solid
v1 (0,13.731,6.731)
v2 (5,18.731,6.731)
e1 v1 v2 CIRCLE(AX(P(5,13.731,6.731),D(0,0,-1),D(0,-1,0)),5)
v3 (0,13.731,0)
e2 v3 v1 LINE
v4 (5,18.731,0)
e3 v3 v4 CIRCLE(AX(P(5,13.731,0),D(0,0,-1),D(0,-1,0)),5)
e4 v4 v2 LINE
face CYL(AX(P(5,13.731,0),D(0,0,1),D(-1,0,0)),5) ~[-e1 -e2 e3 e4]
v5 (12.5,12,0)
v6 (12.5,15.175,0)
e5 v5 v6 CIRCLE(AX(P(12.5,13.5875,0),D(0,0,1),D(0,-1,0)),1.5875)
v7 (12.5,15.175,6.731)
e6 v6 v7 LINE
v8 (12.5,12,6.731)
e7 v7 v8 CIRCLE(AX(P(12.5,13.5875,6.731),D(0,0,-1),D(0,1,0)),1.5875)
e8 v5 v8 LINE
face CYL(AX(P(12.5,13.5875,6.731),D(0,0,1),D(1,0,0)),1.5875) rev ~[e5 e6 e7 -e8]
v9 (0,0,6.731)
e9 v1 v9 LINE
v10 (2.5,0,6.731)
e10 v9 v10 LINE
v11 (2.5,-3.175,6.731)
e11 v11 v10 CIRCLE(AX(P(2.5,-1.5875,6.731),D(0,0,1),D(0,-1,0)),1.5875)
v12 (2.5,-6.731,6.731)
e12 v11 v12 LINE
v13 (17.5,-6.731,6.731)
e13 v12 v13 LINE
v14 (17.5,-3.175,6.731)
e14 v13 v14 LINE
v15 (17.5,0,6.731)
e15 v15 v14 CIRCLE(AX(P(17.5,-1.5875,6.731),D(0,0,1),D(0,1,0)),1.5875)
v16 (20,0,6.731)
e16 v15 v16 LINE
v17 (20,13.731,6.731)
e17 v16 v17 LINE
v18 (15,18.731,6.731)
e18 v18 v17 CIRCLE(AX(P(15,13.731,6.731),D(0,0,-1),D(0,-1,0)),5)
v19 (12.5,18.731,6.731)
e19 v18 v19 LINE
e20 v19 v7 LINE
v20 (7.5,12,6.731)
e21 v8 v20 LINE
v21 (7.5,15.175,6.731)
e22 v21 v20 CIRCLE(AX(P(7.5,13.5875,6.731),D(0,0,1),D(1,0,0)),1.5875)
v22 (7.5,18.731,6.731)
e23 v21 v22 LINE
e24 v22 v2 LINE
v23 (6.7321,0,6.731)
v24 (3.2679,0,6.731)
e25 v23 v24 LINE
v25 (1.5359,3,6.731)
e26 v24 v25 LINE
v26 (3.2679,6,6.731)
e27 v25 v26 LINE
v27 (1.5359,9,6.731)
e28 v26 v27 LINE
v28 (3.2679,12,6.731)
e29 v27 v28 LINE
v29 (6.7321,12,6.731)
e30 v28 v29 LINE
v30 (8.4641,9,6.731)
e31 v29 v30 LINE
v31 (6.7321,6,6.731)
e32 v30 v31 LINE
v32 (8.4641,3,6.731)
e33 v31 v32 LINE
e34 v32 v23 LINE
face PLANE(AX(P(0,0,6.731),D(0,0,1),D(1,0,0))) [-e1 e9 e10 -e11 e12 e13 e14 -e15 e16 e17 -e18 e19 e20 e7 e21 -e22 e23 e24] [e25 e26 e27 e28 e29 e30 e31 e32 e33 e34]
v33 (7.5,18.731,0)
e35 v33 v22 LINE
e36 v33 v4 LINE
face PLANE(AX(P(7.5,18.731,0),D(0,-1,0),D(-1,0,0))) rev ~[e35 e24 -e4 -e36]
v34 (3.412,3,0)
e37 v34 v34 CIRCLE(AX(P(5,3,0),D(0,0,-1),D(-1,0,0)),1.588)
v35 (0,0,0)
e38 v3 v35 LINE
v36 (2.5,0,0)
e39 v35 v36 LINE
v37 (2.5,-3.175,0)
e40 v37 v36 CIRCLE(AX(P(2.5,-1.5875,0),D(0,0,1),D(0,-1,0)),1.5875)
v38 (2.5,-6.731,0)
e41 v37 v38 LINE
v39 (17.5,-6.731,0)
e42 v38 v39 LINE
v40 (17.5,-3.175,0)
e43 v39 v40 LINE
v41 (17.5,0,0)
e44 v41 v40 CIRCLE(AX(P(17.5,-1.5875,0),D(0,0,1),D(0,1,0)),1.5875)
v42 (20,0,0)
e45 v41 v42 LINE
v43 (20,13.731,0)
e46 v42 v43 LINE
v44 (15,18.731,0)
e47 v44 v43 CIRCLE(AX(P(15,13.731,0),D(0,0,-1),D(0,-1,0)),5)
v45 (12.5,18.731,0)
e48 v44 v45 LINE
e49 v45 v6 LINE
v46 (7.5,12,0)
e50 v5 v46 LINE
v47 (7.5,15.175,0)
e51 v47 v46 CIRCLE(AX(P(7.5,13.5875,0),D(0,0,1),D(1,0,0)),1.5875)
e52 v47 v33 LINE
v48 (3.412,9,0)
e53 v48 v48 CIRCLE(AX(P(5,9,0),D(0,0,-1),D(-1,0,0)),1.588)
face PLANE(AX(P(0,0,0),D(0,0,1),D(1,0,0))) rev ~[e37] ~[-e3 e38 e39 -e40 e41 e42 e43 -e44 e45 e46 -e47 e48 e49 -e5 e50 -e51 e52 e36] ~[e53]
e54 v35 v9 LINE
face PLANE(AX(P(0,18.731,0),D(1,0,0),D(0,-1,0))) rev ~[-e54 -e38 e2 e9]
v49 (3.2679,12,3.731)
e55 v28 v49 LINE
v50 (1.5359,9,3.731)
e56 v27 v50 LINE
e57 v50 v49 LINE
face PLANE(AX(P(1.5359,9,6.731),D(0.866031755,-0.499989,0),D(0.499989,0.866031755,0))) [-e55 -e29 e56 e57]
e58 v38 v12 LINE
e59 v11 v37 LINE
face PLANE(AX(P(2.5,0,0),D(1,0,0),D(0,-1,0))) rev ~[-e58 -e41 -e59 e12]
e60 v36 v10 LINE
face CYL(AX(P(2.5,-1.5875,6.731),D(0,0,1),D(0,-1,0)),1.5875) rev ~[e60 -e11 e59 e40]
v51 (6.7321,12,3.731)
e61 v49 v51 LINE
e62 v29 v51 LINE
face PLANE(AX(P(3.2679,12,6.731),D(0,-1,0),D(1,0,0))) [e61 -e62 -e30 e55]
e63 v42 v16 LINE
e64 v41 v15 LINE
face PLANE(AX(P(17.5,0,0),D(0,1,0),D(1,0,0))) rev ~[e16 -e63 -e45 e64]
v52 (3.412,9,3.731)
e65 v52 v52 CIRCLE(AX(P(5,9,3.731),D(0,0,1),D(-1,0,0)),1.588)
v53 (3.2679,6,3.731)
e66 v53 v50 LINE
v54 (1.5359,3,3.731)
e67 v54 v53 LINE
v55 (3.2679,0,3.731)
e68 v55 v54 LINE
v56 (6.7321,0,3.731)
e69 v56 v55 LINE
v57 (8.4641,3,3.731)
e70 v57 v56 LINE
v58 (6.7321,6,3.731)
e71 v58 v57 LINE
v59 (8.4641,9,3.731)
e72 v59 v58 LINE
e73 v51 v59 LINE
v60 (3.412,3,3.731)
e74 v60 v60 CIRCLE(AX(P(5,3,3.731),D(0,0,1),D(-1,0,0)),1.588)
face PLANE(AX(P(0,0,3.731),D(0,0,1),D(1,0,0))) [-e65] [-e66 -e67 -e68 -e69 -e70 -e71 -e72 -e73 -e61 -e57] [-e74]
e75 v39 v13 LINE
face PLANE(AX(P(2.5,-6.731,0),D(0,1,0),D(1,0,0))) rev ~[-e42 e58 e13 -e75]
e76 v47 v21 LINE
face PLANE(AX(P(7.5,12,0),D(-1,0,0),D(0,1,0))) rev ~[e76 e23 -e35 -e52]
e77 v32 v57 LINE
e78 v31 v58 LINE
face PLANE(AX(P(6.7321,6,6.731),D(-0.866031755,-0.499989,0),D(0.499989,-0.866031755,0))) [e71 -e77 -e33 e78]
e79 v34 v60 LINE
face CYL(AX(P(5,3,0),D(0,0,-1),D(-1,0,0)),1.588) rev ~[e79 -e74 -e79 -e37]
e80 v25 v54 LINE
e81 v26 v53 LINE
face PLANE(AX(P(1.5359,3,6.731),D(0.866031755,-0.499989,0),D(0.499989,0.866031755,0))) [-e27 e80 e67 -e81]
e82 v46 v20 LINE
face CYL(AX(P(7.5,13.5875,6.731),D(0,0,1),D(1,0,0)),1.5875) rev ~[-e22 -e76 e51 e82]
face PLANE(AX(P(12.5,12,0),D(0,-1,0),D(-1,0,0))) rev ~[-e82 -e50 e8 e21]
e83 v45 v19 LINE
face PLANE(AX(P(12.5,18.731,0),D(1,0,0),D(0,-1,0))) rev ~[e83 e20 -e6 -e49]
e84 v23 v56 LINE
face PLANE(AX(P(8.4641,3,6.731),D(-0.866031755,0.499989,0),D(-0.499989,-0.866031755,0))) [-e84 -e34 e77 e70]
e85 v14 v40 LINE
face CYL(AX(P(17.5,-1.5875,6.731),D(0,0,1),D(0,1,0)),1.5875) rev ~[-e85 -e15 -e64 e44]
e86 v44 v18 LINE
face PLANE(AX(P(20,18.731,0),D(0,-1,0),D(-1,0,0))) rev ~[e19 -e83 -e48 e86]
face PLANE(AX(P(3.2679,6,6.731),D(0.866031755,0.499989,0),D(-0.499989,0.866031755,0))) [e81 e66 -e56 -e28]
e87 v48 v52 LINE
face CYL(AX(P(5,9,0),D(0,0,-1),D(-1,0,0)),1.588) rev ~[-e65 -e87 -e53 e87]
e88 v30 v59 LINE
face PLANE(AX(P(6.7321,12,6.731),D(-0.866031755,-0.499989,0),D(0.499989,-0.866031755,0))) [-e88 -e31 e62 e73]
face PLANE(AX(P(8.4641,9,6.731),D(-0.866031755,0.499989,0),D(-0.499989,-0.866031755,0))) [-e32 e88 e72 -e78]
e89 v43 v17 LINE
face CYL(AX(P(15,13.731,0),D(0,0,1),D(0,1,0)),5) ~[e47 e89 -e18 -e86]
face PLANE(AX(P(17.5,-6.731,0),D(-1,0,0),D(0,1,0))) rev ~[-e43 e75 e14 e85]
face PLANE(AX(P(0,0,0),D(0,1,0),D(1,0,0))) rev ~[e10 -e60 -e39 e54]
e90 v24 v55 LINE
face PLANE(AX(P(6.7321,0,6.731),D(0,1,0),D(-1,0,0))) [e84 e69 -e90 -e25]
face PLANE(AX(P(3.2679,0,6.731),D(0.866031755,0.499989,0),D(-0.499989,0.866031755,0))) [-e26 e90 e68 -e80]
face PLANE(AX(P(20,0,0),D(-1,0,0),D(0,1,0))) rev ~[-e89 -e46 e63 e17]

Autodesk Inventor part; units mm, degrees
ref_plane "YZ Plane" through (0, 0, 0) normal (1, 0, 0) x (0, 1, 0)
ref_plane "XZ Plane" through (0, 0, 0) normal (0, 1, 0) x (-1, 0, 0)
ref_plane "XY Plane" through (0, 0, 0) normal (0, 0, 1) x (1, 0, 0)
sketch "Sketch1" plane through (0, 0, 0) normal (0, 0, 1) x (1, 0, 0)
  line L0 (0, 0) -> (2.5, 0)
  line L1 (2.5, 0) -> (2.5, -6.731)
  line L2 (2.5, -6.731) -> (17.5, -6.731)
  line L3 (17.5, -6.731) -> (17.5, 0)
  line L4 (17.5, 0) -> (20, 0)
  line L5 (20, 0) -> (20, 18.731)
  line L6 (20, 18.731) -> (12.5, 18.731)
  line L7 (12.5, 18.731) -> (12.5, 12)
  line L8 (12.5, 12) -> (7.5, 12)
  line L9 (7.5, 12) -> (7.5, 18.731)
  line L10 (7.5, 18.731) -> (0, 18.731)
  line L11 (0, 18.731) -> (0, 0)
  dimension "d0" = 15
  dimension "d1" = 20
  dimension "d3" = 6.731
  dimension "d4" = 5
  dimension "d5" = 12
extrude "Extrusion1" add sketch "Sketch1" along normal blind 6.731
sketch "Sketch2" plane through (0, 0, 0) normal (0, 0, -1) x (-1, 0, 0)
  line L0 (0, 0) -> (-2.5, 0) projected
  circle A0 centre (-5, 3) radius 1.588
  circle A1 centre (-5, 9) radius 1.588
  line L1 (-12.5, 12) -> (-7.5, 12) projected
  line L2 (-2.5, 0) -> (-2.5, -6.731) projected
  line L3 (-10, 12) -> (-10, 9.3655) construction
  dimension "d8" = 6
  dimension "d9" = 3.176
  dimension "d10" = 3
  dimension "d22" = 5
extrude "Extrusion2" cut sketch "Sketch2" against normal up to next
fillet "Fillet1" radius 5 2 edges at (0, 18.731, 3.3655) (20, 18.731, 3.3655)
sketch "Sketch3" plane through (0, 0, 6.731) normal (0, 0, 1) x (1, 0, 0)
  circle A0 centre (5, 3) radius 1.588 projected
  circle A1 centre (5, 9) radius 1.588 projected
  line L0 (8.4641, 9) -> (6.7321, 6)
  line L1 (6.7321, 6) -> (3.2679, 6)
  line L2 (3.2679, 6) -> (1.5359, 9)
  line L3 (1.5359, 9) -> (3.2679, 12)
  line L4 (3.2679, 12) -> (6.7321, 12)
  line L5 (6.7321, 12) -> (8.4641, 9)
  line L6 (8.4641, 3) -> (6.7321, 0)
  line L7 (6.7321, 0) -> (3.2679, 0)
  line L8 (3.2679, 0) -> (1.5359, 3)
  line L9 (1.5359, 3) -> (3.2679, 6)
  line L10 (3.2679, 6) -> (6.7321, 6)
  line L11 (6.7321, 6) -> (8.4641, 3)
  dimension "d14" = 6
extrude "Extrusion3" cut sketch "Sketch3" against normal blind 3
sketch "Sketch4" plane through (0, 0, 6.731) normal (0, 0, 1) x (1, 0, 0)
  circle A0 centre (7.5, 13.5875) radius 1.5875
  circle A1 centre (12.5, 13.5875) radius 1.5875
  line L0 (12.5, 18.731) -> (12.5, 12) projected
  line L1 (0, 0) -> (2.5, 0) projected
  line L2 (2.5, 0) -> (2.5, -6.731) projected
  line L3 (17.5, -6.731) -> (17.5, 0) projected
  line L4 (17.5, 0) -> (20, 0) projected
  arc A2 (2.5, -3.175) -> (2.5, 0) centre (2.5, -1.5875) ccw
  arc A3 (17.5, 0) -> (17.5, -3.175) centre (17.5, -1.5875) ccw
  dimension "d17" = 3.175
extrude "Extrusion4" cut sketch "Sketch4" against normal up to next
equation "\"d3\" = THICKB"
equation "\"d6\" = THICKB"
equation "\"THICKA\" = 3.175"
equation "\"THICKB\" = 6.731"
equation "\"THICKC\" = 12.7"
equation "\"THICKPLY\" = 5"
equation "\"MAGDIA\" = 9.5"
equation "\"BALLDIA\" = 12"
properties part number "Carriage_Joint_Boltblock"
